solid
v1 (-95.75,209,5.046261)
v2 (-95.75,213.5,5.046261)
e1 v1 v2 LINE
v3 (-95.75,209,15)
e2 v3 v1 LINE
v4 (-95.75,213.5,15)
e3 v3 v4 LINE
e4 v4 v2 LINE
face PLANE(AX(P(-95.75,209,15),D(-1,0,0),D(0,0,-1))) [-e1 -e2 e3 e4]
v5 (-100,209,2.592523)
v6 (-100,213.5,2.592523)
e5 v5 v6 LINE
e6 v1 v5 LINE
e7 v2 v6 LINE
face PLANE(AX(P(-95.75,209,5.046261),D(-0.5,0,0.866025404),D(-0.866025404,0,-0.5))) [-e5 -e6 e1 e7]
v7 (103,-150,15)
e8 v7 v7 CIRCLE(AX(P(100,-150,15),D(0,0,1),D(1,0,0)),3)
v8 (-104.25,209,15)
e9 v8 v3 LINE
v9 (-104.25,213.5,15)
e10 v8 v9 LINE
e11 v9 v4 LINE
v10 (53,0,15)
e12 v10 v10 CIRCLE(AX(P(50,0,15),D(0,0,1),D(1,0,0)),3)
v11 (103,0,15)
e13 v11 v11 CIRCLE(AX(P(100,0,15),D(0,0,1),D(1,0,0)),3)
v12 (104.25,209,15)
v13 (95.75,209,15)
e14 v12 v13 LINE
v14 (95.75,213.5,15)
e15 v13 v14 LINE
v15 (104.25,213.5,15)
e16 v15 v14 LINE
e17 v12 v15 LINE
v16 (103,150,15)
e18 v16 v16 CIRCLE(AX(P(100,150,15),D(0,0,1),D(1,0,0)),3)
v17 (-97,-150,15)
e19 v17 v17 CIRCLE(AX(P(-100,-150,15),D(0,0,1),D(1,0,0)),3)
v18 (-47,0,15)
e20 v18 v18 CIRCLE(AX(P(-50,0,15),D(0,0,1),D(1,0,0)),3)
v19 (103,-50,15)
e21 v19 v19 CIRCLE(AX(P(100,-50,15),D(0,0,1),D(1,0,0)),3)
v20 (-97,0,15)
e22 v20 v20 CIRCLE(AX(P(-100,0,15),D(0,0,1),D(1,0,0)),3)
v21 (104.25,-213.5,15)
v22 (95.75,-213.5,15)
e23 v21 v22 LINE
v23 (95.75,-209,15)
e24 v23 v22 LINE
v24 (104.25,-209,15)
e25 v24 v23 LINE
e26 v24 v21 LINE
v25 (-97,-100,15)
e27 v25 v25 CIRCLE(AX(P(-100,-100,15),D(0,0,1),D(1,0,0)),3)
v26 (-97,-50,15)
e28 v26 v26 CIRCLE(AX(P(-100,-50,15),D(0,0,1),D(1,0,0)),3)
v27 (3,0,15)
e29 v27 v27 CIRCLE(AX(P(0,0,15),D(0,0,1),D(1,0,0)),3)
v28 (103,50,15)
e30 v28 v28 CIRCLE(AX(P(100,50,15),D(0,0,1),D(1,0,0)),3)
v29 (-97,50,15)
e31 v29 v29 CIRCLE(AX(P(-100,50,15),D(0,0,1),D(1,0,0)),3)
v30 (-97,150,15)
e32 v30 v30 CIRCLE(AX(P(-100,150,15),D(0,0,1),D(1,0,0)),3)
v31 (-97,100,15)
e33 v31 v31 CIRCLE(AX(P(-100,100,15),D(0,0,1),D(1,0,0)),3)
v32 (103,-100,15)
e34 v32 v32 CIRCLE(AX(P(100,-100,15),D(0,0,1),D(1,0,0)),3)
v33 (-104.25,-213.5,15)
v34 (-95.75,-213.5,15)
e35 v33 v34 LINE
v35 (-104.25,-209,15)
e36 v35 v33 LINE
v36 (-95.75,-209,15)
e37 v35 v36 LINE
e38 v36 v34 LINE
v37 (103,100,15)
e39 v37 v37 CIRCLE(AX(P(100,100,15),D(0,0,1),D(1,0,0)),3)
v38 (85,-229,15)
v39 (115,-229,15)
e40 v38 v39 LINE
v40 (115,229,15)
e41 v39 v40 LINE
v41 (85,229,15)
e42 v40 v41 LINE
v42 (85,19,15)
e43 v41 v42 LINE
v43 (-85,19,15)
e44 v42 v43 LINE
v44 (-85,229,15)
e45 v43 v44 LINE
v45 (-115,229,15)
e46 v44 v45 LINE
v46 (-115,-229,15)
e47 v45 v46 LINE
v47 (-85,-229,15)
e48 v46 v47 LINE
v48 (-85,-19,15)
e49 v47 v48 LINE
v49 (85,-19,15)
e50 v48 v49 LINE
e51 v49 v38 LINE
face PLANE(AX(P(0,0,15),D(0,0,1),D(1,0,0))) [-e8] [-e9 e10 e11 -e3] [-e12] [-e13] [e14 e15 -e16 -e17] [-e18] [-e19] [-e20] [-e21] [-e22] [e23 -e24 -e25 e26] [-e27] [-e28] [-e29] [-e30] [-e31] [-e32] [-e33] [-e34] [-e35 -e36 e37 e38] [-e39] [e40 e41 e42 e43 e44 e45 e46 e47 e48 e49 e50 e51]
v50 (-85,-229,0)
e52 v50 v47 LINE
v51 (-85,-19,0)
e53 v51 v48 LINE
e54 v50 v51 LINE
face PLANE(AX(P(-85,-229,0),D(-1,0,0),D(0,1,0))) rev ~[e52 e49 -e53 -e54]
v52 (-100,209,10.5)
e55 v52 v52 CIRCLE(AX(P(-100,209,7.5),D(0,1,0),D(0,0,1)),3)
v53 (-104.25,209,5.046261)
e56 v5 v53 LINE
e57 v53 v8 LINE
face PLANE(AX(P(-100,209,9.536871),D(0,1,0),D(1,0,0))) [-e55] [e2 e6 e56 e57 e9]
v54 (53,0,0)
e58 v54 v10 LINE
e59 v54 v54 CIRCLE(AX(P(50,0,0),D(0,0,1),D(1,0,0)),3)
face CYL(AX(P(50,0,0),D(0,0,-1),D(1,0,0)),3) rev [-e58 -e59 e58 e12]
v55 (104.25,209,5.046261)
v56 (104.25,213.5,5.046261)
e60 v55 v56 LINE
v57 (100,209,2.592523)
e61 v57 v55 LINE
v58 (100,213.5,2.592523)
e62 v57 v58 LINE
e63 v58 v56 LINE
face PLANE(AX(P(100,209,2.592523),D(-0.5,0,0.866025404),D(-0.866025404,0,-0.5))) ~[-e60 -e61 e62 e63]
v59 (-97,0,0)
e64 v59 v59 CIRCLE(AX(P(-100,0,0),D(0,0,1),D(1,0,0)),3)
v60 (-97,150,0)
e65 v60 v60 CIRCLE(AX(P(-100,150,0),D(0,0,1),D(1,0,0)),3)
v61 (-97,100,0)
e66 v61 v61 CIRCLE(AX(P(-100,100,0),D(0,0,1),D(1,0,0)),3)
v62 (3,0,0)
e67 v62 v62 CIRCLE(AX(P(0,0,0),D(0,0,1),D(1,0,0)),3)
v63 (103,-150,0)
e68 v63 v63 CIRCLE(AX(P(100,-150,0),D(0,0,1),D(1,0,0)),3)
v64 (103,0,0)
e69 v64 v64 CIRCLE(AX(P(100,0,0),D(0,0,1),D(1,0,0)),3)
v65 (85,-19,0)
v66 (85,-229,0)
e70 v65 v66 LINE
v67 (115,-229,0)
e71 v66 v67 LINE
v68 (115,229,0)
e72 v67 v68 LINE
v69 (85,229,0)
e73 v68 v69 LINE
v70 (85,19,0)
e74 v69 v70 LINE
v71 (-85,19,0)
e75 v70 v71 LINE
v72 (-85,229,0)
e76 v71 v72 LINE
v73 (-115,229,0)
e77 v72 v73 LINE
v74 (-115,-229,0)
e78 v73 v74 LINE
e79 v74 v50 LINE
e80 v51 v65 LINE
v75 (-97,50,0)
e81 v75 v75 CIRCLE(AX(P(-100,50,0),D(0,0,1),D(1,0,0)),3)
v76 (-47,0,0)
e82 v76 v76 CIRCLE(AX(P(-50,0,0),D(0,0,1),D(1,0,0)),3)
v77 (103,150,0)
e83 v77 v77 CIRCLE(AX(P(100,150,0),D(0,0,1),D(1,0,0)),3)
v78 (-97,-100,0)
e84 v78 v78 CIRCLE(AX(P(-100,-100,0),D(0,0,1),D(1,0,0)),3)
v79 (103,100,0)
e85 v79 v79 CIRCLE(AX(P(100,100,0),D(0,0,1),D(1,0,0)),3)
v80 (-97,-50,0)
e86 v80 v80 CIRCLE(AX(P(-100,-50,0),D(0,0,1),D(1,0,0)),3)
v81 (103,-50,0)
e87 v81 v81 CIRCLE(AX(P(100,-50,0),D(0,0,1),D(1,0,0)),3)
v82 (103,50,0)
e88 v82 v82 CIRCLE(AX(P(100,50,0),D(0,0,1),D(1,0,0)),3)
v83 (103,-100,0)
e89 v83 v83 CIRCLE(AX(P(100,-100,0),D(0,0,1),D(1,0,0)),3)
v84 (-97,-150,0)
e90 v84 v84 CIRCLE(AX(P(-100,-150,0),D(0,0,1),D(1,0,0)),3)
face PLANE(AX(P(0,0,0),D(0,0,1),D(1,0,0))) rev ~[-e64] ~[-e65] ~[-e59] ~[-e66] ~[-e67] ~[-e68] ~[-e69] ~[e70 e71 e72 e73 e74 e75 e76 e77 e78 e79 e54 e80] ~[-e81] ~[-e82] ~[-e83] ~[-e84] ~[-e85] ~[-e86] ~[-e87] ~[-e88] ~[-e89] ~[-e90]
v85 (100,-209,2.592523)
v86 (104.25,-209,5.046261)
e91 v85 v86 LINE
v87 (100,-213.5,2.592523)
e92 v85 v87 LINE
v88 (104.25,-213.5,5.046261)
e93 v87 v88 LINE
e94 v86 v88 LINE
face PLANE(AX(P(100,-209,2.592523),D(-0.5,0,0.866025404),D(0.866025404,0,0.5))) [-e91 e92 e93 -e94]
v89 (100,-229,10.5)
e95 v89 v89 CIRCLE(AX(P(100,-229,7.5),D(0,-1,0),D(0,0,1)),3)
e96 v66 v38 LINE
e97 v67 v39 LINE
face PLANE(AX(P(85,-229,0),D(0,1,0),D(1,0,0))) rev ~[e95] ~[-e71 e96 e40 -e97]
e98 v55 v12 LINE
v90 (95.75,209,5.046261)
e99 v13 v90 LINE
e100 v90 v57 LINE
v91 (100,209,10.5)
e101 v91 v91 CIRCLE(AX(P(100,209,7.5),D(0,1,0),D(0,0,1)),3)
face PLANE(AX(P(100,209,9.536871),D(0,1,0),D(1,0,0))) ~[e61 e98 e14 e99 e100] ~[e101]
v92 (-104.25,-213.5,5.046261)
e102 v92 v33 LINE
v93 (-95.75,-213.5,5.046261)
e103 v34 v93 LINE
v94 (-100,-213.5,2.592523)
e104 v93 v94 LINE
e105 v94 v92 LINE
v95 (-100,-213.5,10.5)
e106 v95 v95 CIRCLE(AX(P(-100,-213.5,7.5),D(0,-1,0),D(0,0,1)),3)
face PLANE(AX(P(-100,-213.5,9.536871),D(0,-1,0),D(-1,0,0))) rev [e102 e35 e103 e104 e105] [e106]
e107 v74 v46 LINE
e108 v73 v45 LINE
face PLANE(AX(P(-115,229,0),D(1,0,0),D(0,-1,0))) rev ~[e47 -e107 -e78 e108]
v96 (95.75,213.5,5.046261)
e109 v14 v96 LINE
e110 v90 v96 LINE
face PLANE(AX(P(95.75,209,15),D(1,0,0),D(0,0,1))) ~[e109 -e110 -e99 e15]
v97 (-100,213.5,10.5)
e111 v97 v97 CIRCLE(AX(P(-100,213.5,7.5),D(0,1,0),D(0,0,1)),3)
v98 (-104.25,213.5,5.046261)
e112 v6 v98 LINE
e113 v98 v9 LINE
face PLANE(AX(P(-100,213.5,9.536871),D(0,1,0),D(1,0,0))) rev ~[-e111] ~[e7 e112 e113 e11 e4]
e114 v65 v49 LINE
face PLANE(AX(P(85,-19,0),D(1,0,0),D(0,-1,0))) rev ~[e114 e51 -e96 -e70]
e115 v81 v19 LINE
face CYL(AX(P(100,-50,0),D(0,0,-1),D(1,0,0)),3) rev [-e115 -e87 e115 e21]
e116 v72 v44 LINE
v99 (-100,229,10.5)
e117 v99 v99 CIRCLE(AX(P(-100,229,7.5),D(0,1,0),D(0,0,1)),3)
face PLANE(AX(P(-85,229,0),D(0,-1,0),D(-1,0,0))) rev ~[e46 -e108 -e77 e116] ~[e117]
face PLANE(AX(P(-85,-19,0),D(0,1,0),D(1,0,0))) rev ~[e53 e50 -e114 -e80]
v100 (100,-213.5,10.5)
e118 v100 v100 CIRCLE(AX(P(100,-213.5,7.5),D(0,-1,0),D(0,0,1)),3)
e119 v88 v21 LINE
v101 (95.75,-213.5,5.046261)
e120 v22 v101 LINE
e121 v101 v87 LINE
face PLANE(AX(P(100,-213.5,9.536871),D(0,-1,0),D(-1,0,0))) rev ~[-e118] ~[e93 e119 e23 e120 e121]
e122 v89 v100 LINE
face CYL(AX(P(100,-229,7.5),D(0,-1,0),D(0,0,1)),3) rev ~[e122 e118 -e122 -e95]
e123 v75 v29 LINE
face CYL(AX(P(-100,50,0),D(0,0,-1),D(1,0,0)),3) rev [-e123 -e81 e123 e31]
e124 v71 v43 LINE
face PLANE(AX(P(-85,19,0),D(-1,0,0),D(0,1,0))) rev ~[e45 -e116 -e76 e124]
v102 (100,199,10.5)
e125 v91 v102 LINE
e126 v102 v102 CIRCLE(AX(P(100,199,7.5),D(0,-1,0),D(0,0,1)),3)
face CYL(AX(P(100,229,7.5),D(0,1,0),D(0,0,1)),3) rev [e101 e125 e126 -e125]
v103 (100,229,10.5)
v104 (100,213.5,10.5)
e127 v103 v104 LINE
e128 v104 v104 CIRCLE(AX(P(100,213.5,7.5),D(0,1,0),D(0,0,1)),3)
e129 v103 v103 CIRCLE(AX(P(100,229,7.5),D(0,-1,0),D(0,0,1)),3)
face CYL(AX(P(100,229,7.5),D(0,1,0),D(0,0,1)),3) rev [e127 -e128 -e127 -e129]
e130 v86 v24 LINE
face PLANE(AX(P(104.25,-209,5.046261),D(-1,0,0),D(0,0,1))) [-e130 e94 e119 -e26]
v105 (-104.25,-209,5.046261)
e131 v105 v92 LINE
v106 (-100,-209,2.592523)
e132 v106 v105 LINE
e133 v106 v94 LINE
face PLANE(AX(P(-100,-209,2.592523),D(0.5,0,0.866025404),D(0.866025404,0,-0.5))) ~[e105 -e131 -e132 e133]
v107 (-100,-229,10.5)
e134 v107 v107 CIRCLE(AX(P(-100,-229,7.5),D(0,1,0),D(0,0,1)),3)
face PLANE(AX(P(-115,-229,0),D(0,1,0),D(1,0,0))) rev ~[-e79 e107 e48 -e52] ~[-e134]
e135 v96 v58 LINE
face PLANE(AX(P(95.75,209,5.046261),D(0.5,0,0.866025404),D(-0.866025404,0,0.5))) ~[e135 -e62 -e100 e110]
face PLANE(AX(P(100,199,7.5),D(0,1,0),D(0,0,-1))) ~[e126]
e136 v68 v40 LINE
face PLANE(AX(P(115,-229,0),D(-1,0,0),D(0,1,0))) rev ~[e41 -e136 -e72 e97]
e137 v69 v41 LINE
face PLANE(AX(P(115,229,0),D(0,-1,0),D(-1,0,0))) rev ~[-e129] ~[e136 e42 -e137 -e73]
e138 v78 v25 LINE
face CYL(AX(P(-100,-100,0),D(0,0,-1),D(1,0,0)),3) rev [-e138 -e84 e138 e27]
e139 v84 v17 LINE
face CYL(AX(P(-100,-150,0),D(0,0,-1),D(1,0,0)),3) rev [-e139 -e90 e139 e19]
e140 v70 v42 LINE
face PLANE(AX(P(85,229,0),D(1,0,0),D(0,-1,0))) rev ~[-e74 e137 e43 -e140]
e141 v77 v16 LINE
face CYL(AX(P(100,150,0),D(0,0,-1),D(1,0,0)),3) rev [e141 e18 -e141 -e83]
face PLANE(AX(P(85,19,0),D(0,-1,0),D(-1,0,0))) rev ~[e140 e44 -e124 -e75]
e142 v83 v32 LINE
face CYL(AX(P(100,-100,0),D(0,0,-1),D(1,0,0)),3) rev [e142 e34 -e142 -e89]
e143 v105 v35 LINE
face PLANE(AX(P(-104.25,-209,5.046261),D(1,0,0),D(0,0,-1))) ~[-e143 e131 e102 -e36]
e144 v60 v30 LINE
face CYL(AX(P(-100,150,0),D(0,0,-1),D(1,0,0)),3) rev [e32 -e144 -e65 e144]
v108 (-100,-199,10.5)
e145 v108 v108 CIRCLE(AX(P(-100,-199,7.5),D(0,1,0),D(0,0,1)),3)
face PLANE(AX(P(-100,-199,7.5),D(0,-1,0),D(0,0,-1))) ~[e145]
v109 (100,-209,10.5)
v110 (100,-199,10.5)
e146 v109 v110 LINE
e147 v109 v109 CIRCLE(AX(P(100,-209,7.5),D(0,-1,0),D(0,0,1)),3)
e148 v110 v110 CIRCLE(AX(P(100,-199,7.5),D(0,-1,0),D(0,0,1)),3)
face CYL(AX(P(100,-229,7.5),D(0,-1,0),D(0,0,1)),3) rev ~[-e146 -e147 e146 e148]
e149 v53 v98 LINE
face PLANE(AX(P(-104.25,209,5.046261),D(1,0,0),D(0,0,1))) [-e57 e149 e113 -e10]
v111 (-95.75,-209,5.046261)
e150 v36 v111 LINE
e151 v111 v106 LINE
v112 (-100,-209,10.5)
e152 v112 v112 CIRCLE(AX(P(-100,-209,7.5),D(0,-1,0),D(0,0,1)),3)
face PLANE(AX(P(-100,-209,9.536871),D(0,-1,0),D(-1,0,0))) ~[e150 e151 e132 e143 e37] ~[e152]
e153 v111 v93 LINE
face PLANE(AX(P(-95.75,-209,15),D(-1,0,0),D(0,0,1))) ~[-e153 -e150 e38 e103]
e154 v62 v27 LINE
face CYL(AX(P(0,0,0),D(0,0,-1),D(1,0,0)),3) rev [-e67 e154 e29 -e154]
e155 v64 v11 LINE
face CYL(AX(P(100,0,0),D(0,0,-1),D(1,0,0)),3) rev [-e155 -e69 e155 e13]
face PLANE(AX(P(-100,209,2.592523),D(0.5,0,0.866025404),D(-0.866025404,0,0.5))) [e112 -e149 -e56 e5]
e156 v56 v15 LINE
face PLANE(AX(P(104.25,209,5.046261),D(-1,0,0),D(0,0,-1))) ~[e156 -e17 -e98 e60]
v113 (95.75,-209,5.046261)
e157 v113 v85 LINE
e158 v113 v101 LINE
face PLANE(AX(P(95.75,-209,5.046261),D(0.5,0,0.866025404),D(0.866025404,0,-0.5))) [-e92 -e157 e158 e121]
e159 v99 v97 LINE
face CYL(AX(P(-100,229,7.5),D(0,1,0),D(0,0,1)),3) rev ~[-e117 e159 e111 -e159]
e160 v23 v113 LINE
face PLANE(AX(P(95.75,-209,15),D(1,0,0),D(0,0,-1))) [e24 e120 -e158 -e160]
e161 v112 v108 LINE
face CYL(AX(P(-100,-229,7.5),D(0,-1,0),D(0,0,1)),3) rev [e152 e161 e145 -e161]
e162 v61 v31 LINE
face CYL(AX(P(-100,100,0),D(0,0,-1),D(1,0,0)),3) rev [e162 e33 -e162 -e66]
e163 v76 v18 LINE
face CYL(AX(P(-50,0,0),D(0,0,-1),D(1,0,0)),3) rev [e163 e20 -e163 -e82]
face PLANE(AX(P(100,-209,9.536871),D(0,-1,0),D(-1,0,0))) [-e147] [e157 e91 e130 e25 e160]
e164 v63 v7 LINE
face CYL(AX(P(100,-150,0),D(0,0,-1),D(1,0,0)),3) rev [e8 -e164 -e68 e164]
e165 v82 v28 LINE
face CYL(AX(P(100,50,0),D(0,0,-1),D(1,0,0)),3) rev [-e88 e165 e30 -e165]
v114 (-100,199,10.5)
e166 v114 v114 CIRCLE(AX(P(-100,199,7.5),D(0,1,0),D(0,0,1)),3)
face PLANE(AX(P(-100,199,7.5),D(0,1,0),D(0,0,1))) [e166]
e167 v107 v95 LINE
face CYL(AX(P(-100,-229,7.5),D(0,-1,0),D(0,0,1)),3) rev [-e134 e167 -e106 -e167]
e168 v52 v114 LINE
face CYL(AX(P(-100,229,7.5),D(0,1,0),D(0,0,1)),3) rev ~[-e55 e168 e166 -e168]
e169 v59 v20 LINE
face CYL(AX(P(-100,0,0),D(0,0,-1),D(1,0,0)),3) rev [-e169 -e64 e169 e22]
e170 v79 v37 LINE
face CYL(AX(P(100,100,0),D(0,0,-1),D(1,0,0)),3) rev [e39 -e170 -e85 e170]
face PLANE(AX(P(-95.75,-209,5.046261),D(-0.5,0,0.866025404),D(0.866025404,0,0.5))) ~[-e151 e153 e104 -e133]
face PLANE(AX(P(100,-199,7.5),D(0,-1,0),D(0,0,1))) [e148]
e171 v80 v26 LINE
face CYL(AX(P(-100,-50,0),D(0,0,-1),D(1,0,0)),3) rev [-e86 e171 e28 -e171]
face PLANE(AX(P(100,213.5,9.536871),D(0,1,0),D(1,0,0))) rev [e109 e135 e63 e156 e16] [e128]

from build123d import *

# Parameters (mm, degrees)
SKETCH_1_R               = 3
EXTRUDE_1_DEPTH          = 15
SKETCH_2_R               = 3
CUT_EXTRUDE_1_DEPTH      = 30
MIRROR_2_COPY_1_SKETCH_R = 3
MIRROR_2_COPY_1_DEPTH    = 30
CUT_EXTRUDE_2_DEPTH      = 4.5
MIRROR_4_COPY_1_DEPTH    = 4.5


with BuildPart() as part:
    # 草图1 → 凸台-拉伸1 (new body)
    with BuildSketch(Plane.XY):
        Polygon((-115, 229), (-115, -229), (-85, -229), (-85, -19), (85, -19), (85, -229), (115, -229), (115, 229), (85, 229), (85, 19), (-85, 19), (-85, 229), align=None)
        Circle(SKETCH_1_R, mode=Mode.SUBTRACT)
        with Locations((50, 0)):
            Circle(SKETCH_1_R, mode=Mode.SUBTRACT)
        with Locations((100, 0)):
            Circle(SKETCH_1_R, mode=Mode.SUBTRACT)
        with Locations((-50, 0)):
            Circle(SKETCH_1_R, mode=Mode.SUBTRACT)
        with Locations((-100, 0)):
            Circle(SKETCH_1_R, mode=Mode.SUBTRACT)
        with Locations((100, 50)):
            Circle(SKETCH_1_R, mode=Mode.SUBTRACT)
        with Locations((100, 100)):
            Circle(SKETCH_1_R, mode=Mode.SUBTRACT)
        with Locations((100, 150)):
            Circle(SKETCH_1_R, mode=Mode.SUBTRACT)
        with Locations((-100, -50)):
            Circle(SKETCH_1_R, mode=Mode.SUBTRACT)
        with Locations((-100, -100)):
            Circle(SKETCH_1_R, mode=Mode.SUBTRACT)
        with Locations((-100, -150)):
            Circle(SKETCH_1_R, mode=Mode.SUBTRACT)
        with Locations((100, -50)):
            Circle(SKETCH_1_R, mode=Mode.SUBTRACT)
        with Locations((100, -100)):
            Circle(SKETCH_1_R, mode=Mode.SUBTRACT)
        with Locations((100, -150)):
            Circle(SKETCH_1_R, mode=Mode.SUBTRACT)
        with Locations((-100, 50)):
            Circle(SKETCH_1_R, mode=Mode.SUBTRACT)
        with Locations((-100, 100)):
            Circle(SKETCH_1_R, mode=Mode.SUBTRACT)
        with Locations((-100, 150)):
            Circle(SKETCH_1_R, mode=Mode.SUBTRACT)
    extrude(amount=EXTRUDE_1_DEPTH)

    # 草图2 → 切除-拉伸1 (cut)
    with BuildSketch(Plane(origin=(0, 229, 0), x_dir=(1, 0, 0), z_dir=(0, 1, 0))):
        with Locations(Location((-100, -7.5, 0), (0, 0, 270))):
            Circle(SKETCH_2_R)
    cut_extrude_1 = extrude(amount=-CUT_EXTRUDE_1_DEPTH, mode=Mode.SUBTRACT)

    # 镜向1: 切除-拉伸1 across plane
    add(cut_extrude_1.mirror(Plane.ZX), mode=Mode.SUBTRACT)

    # 镜向2: 切除-拉伸1 across plane
    add(cut_extrude_1.mirror(Plane(origin=(0, 0, 0), x_dir=(0, 0, 1), z_dir=(1, 0, 0))), mode=Mode.SUBTRACT)

    # 镜向2 copy 1 sketch → 镜向2 copy 1 (cut)
    with BuildSketch(Plane(origin=(0, -229, 0), x_dir=(-1, 0, 0), z_dir=(0, -1, 0))):
        with Locations(Location((-100, -7.5, 0), (0, 0, 270))):
            Circle(MIRROR_2_COPY_1_SKETCH_R)
    extrude(amount=-MIRROR_2_COPY_1_DEPTH, mode=Mode.SUBTRACT)

    # 草图3 → 切除-拉伸2 (cut)
    with BuildSketch(Plane(origin=(0, 209, 0), x_dir=(1, 0, 0), z_dir=(0, 1, 0))):
        Polygon((-104.25, -9.585865128), (-104.25, -15), (-95.75, -15), (-95.75, -9.783166039), (-95.75, -5.046261356), (-100, -2.592522712), (-104.25, -5.046261356), align=None)
    cut_extrude_2 = extrude(amount=CUT_EXTRUDE_2_DEPTH, mode=Mode.SUBTRACT)

    # 镜向3: 切除-拉伸2 across plane
    add(cut_extrude_2.mirror(Plane.ZX), mode=Mode.SUBTRACT)

    # 镜向4: 切除-拉伸2 across plane
    add(cut_extrude_2.mirror(Plane(origin=(0, 0, 0), x_dir=(0, 0, 1), z_dir=(1, 0, 0))), mode=Mode.SUBTRACT)

    # 镜向4 copy 1 sketch → 镜向4 copy 1 (cut)
    with BuildSketch(Plane(origin=(0, -209, 0), x_dir=(-1, 0, 0), z_dir=(0, -1, 0))):
        Polygon((-104.25, -9.585865128), (-104.25, -15), (-95.75, -15), (-95.75, -9.783166039), (-95.75, -5.046261356), (-100, -2.592522712), (-104.25, -5.046261356), align=None)
    extrude(amount=MIRROR_4_COPY_1_DEPTH, mode=Mode.SUBTRACT)


solid = part.part
